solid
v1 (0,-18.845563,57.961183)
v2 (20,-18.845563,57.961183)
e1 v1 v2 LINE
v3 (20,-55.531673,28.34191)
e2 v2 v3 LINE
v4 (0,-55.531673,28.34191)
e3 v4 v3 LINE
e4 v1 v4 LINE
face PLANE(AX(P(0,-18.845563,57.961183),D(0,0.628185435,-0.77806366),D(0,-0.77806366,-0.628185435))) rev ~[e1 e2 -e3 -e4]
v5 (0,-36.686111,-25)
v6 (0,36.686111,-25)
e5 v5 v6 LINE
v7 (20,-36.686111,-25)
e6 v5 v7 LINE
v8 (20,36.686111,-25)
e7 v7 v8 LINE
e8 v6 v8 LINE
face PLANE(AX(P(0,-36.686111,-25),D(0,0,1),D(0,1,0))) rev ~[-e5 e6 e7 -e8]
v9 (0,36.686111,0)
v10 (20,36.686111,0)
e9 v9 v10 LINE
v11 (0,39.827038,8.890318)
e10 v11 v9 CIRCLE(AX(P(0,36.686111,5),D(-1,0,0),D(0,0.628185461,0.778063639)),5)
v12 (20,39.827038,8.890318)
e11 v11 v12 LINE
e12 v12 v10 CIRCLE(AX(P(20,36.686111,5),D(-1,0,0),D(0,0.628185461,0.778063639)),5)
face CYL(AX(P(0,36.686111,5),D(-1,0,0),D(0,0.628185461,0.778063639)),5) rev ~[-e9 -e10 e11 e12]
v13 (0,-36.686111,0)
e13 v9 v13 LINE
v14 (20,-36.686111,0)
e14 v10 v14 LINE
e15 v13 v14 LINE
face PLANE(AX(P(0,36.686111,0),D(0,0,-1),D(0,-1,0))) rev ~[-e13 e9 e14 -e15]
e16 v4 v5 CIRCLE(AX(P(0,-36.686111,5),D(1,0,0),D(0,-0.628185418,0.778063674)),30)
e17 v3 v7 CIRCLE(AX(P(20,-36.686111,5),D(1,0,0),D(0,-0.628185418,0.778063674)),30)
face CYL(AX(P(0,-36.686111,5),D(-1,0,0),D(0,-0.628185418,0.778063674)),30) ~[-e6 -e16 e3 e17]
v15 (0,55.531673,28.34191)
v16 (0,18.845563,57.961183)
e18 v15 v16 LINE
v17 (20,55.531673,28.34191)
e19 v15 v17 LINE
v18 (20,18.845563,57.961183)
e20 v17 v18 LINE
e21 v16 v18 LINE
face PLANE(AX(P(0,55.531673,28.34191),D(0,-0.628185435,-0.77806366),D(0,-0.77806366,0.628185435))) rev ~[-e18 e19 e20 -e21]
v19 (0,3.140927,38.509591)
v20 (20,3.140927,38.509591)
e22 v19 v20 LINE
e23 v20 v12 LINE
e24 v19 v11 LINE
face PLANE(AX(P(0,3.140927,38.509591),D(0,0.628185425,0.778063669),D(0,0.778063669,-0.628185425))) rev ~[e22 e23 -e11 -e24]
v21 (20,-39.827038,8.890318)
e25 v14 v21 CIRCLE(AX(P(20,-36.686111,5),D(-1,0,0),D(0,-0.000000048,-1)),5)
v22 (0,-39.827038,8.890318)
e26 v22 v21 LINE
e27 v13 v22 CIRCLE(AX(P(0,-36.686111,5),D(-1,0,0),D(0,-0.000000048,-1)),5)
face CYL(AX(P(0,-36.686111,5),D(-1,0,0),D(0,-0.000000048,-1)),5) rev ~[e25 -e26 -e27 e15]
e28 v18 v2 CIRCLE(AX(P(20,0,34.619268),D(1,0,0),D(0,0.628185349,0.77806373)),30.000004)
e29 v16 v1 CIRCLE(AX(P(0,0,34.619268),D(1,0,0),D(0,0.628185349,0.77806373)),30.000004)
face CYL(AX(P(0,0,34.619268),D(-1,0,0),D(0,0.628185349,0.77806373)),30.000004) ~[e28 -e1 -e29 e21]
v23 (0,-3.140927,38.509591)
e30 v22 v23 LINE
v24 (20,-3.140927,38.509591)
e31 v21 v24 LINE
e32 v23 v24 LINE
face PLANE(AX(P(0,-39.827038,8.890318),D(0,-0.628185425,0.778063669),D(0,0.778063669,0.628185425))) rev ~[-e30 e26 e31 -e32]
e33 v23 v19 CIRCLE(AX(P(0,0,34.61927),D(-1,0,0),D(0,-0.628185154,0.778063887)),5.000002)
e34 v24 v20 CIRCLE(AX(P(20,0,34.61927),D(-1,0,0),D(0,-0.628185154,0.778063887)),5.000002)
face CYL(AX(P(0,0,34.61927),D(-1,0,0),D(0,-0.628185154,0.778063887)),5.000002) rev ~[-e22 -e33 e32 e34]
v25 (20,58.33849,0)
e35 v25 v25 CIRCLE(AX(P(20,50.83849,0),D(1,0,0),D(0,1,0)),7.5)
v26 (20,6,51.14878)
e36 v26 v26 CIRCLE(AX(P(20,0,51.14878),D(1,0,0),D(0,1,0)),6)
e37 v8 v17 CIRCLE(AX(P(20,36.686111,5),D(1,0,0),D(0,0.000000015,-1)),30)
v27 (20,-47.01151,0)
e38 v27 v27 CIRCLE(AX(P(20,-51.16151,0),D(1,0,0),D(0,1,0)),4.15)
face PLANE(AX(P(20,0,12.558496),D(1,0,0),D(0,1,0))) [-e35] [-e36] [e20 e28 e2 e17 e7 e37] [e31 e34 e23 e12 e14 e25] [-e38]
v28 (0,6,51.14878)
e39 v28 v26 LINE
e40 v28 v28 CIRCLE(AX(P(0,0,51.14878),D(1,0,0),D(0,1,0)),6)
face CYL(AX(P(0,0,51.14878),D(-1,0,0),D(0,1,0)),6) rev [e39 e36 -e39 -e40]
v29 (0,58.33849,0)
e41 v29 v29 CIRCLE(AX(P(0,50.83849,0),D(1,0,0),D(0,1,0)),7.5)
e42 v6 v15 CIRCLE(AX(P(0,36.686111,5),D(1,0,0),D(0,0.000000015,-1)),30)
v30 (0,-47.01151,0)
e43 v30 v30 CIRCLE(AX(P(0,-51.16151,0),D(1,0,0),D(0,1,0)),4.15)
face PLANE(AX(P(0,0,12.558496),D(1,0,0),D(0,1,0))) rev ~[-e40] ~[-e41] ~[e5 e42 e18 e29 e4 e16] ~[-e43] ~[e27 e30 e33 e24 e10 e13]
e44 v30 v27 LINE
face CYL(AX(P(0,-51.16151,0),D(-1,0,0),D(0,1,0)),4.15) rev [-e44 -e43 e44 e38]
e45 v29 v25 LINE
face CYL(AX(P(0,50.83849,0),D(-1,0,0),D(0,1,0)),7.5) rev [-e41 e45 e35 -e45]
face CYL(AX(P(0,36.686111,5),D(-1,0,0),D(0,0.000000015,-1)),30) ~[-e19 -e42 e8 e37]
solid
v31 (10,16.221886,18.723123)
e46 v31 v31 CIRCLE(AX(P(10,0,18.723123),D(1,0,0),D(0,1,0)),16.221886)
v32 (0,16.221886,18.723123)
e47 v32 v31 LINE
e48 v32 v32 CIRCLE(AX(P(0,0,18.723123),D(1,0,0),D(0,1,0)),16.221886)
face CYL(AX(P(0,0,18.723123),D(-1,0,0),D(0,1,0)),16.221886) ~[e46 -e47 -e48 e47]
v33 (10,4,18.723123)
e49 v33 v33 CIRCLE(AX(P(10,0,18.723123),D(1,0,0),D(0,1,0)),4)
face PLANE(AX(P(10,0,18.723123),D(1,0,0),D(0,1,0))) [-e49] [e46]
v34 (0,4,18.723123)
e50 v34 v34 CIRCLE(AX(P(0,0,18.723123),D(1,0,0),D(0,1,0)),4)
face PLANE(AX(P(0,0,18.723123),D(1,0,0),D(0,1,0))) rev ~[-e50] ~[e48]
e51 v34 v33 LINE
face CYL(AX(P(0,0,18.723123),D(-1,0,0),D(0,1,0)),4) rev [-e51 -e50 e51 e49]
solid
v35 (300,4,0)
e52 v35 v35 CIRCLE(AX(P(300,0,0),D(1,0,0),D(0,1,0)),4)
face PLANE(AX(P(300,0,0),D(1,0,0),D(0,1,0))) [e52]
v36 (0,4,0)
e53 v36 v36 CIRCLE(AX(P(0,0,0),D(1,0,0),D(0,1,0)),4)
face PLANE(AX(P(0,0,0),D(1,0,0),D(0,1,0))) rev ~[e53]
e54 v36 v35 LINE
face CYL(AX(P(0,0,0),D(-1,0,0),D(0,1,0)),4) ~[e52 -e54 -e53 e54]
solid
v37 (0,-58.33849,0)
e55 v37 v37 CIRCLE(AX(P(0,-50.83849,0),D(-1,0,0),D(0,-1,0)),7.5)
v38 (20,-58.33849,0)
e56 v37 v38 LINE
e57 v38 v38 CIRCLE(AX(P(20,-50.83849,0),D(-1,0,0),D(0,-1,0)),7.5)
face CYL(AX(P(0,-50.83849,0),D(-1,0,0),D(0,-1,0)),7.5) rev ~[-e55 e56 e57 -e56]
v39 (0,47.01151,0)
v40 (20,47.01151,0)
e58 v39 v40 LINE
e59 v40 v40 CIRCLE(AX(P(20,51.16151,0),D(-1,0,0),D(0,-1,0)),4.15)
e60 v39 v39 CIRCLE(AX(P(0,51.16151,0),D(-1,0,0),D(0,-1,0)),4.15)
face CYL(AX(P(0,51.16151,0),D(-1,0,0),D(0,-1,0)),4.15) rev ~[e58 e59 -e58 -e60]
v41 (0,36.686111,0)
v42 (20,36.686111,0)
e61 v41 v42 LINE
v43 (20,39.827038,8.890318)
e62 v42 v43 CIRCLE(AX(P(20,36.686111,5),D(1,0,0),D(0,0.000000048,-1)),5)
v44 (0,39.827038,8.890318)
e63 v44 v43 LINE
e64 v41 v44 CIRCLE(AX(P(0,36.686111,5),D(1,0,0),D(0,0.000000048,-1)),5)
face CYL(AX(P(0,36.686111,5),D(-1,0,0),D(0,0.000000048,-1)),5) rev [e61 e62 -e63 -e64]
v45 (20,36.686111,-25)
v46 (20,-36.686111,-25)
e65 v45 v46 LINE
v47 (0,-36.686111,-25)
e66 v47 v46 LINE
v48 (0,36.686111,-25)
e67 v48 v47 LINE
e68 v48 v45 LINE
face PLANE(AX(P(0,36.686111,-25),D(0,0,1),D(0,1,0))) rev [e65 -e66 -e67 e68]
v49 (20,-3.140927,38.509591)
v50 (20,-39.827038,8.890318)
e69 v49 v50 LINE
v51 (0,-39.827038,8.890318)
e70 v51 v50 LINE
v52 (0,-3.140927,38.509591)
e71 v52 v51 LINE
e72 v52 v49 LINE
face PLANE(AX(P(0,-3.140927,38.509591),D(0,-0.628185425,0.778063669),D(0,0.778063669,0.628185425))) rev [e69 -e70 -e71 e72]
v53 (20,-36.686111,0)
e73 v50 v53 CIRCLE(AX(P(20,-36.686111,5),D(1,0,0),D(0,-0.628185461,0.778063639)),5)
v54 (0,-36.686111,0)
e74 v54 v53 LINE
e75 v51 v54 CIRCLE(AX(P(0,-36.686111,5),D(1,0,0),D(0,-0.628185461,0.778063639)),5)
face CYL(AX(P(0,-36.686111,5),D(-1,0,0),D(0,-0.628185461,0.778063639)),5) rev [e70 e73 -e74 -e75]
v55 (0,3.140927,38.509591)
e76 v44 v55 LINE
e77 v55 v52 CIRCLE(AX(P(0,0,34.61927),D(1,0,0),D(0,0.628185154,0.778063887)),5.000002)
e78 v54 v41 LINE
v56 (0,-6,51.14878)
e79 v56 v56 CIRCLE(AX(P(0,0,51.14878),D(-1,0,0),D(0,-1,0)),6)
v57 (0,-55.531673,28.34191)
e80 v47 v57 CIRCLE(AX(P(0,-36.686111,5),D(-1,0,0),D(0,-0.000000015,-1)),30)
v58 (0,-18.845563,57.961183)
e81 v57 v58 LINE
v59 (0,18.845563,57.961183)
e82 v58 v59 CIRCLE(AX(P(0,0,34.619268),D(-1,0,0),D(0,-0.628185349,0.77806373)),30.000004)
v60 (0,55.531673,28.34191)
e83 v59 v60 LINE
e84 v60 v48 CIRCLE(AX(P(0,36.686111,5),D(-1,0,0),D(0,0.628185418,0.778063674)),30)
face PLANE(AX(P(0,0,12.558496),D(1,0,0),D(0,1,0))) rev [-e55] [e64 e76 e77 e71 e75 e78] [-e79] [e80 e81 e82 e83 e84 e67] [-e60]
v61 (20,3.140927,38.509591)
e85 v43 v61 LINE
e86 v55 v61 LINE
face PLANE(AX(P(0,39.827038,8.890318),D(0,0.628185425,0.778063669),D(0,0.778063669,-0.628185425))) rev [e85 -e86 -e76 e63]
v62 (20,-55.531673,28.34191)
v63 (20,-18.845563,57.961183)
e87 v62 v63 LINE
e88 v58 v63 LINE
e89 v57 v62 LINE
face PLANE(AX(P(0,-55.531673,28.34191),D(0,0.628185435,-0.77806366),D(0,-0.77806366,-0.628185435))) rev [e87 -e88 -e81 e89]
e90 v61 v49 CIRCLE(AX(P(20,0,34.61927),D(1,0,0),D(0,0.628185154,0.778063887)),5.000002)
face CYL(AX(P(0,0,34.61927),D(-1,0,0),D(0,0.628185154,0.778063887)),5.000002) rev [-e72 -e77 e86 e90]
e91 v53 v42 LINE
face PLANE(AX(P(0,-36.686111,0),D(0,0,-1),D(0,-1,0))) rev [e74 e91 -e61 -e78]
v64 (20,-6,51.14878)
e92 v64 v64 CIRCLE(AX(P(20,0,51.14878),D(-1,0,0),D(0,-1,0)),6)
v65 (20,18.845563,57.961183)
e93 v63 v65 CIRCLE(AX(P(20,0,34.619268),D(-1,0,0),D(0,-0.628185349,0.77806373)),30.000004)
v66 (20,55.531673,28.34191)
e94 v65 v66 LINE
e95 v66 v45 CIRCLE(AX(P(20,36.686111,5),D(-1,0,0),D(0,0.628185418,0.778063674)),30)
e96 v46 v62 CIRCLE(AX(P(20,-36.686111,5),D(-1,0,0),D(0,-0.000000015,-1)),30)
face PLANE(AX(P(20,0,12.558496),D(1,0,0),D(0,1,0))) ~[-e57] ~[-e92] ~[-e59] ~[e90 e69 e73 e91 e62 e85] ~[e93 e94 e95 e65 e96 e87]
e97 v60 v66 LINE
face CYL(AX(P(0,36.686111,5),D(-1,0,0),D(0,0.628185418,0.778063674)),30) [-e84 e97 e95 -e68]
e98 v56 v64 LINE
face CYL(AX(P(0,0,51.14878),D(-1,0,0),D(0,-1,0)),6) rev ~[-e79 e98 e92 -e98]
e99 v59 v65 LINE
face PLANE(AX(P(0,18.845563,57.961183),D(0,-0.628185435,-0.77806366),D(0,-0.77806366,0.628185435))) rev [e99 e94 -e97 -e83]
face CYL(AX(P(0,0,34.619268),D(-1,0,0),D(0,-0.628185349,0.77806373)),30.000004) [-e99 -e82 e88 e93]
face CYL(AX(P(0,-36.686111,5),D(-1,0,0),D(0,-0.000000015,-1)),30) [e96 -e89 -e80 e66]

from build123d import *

# Parameters (mm, degrees)
F0_R     = 4
F1_DEPTH = 300
F2_R     = 4.15
F2_R_2   = 7.5
F2_R_3   = 6
F3_DEPTH = 20
F5_R     = 16.221886
F5_R_2   = 4
F6_DEPTH = 10


with BuildPart() as f1:
    # F0 (on Right) → F1 (new body)
    with BuildSketch(Plane.YZ):
        Circle(F0_R)
    extrude(amount=F1_DEPTH)


with BuildPart() as f3:
    # F2 (on Right) → F3 (new body)
    with BuildSketch(Plane.YZ):
        with BuildLine():
            Line((0, -25), (36.686111, -25))
            ThreePointArc((36.686111, -25), (64.972656, -4.993565), (55.531673, 28.34191))
            Line((55.531673, 28.34191), (18.845563, 57.961183))
            ThreePointArc((18.845563, 57.961183), (0, 64.619272), (-18.845563, 57.961183))
            Line((-18.845563, 57.961183), (-55.531673, 28.34191))
            ThreePointArc((-55.531673, 28.34191), (-64.972656, -4.993565), (-36.686111, -25))
            Line((-36.686111, -25), (0, -25))
        make_face()
        with Locations((-51.16151, 0)):
            Circle(F2_R, mode=Mode.SUBTRACT)
        with Locations((50.83849, 0)):
            Circle(F2_R_2, mode=Mode.SUBTRACT)
        with BuildLine():
            Line((-39.827038, 8.890318), (-3.140927, 38.509591))
            ThreePointArc((-3.140927, 38.509591), (0, 39.619272), (3.140927, 38.509591))
            Line((3.140927, 38.509591), (39.827038, 8.890318))
            ThreePointArc((39.827038, 8.890318), (41.400535, 3.334406), (36.686111, 0))
            Line((36.686111, 0), (0, 0))
            Line((0, 0), (-36.686111, 0))
            ThreePointArc((-36.686111, 0), (-41.400535, 3.334406), (-39.827038, 8.890318))
        make_face(mode=Mode.SUBTRACT)
        with Locations((0, 51.14878)):
            Circle(F2_R_3, mode=Mode.SUBTRACT)
    extrude(amount=F3_DEPTH)


with BuildPart() as f4_1:
    # F4: instance of F3
    add(f3.part.mirror(Plane.XZ))


with BuildPart() as f6:
    # F5 (on Right) → F6 (new body)
    with BuildSketch(Plane.YZ):
        with Locations((0, 18.723123)):
            Circle(F5_R)
        with Locations((0, 18.723123)):
            Circle(F5_R_2, mode=Mode.SUBTRACT)
    extrude(amount=F6_DEPTH)


solid = Compound([f1.part, f3.part, f4_1.part, f6.part])
